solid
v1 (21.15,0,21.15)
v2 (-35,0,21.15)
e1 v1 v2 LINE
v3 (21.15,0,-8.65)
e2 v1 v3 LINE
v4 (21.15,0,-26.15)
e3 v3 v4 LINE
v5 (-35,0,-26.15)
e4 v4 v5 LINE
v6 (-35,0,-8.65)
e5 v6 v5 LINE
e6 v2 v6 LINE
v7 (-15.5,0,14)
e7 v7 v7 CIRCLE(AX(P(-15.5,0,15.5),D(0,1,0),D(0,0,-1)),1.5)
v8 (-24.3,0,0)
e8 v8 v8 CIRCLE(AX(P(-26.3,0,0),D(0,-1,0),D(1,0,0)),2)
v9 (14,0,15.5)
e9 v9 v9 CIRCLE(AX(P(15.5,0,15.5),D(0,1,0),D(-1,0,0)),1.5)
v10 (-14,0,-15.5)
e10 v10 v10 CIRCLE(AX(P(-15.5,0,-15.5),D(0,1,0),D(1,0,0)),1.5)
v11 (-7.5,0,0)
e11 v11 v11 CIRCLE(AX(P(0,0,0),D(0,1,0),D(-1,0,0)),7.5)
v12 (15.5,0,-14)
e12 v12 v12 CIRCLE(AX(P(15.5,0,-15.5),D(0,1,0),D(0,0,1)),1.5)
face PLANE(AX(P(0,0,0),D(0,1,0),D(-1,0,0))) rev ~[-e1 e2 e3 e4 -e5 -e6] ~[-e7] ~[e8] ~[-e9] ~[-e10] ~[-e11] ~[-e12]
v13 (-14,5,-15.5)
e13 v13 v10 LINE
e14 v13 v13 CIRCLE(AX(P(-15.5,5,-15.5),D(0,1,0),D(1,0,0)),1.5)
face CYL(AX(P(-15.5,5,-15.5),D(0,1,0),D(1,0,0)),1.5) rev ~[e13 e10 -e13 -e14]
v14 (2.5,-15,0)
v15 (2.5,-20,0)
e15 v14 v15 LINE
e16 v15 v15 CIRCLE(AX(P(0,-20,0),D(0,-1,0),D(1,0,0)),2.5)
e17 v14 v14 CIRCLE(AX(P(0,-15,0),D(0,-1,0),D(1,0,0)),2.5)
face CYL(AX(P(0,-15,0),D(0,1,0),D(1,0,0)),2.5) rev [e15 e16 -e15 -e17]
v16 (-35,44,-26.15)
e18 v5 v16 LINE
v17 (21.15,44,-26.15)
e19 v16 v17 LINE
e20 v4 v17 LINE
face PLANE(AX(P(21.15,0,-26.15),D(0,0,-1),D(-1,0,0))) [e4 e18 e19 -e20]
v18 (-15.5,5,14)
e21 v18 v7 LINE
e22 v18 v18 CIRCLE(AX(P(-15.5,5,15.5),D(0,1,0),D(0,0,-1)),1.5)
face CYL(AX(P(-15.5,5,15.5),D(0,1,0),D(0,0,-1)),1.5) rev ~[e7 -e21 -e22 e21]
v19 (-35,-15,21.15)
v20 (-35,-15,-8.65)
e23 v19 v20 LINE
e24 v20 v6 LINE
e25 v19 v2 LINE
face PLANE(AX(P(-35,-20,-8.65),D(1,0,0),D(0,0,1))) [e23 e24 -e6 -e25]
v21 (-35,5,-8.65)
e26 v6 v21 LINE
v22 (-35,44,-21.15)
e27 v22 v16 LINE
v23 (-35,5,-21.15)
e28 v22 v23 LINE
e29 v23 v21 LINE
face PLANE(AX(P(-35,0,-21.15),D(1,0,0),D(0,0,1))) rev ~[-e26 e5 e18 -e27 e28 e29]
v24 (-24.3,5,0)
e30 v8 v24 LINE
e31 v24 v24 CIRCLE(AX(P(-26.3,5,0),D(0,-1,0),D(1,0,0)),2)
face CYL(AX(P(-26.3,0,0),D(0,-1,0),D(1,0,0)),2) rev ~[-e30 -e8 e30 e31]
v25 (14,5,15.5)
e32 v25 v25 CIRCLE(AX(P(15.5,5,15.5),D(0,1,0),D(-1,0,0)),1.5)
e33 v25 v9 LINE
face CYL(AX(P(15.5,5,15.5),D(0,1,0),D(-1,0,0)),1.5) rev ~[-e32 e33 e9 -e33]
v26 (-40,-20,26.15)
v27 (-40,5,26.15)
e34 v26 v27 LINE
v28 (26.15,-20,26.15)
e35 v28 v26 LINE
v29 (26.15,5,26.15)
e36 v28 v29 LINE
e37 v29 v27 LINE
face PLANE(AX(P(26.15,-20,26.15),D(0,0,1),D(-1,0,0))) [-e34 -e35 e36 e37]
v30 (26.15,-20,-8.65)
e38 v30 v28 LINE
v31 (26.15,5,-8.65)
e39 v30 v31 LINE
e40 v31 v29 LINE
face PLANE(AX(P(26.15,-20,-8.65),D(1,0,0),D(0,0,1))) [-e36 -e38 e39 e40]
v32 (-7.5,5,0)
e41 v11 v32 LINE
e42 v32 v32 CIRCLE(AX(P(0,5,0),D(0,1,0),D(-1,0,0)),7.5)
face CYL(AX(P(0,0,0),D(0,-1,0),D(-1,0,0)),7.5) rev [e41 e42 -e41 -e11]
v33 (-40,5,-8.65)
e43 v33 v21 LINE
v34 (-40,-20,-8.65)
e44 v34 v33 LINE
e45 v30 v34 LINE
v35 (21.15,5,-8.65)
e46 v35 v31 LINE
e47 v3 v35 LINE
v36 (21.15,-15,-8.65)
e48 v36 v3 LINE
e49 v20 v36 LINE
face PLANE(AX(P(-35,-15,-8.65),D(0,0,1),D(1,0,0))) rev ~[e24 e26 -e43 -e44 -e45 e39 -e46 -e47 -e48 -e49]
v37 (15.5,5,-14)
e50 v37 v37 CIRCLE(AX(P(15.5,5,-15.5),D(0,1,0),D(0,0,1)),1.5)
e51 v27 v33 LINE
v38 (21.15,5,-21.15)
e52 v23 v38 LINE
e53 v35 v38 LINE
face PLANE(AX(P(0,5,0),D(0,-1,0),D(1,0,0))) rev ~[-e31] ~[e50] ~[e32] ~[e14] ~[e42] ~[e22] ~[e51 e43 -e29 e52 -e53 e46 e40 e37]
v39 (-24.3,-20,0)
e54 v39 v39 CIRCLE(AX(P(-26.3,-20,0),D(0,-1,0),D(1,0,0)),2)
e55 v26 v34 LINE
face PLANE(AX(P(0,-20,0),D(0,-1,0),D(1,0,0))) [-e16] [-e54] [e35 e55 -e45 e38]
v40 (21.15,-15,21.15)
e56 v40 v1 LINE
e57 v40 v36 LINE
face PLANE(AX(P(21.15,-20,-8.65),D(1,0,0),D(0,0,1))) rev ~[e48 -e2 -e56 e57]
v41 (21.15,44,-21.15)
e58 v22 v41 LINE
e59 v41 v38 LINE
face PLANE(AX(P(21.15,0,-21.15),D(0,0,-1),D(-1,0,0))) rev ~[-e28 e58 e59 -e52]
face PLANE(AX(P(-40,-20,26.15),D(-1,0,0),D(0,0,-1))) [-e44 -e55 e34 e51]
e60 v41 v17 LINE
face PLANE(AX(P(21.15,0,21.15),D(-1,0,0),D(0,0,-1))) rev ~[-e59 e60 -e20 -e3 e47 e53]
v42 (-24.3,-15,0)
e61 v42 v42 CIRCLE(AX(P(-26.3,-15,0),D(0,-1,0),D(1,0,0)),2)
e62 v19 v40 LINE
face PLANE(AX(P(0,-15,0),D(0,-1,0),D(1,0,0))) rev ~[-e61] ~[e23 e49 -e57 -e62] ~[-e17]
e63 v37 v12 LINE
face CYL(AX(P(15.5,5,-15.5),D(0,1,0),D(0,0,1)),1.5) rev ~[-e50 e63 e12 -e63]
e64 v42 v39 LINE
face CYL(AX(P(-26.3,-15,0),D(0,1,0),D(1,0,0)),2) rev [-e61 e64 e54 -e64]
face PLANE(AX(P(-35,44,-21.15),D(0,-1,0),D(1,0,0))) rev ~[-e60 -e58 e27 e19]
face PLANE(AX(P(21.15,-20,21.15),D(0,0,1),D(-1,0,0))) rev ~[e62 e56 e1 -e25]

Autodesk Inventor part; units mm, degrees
ref_plane "YZ Plane" through (0, 0, 0) normal (1, 0, 0) x (0, 1, 0)
ref_plane "XZ Plane" through (0, 0, 0) normal (0, 1, 0) x (-1, 0, 0)
sketch "Boceto1" plane through (0, 0, 0) normal (0, 1, 0) x (-1, 0, 0)
  line L0 (21.15, 21.15) -> (-21.15, 21.15)
  line L1 (-21.15, 21.15) -> (-21.15, -21.15)
  line L2 (-21.15, -21.15) -> (21.15, -21.15)
  line L3 (21.15, -21.15) -> (21.15, 21.15)
  line L4 (0, 0) -> (3.2885, 0)
  line L5 (0, 0) -> (0, -4.7563)
  circle A0 centre (0, 0) radius 7.5
  line L6 (21.15, -21.15) -> (35, -21.15)
  line L7 (35, -21.15) -> (35, 21.15)
  line L8 (35, 21.15) -> (21.15, 21.15)
  line L9 (21.15, 21.15) -> (21.15, -21.15)
  dimension "d0" = 42.3
  dimension "d1" = 42.3
  dimension "d26" = 15
  dimension "d35" = 35
extrude "Extrusión1" add sketch "Boceto1" along normal blind 5
sketch "Boceto2" plane through (0, 5, 0) normal (0, 1, 0) x (1, 0, 0)
  circle A0 centre (-15.5, 15.5) radius 1.5
  point P0 (0, 0)
  dimension "d4" = 3
  dimension "d5" = 15.5
  dimension "d6" = 15.5
extrude "Extrusión2" cut sketch "Boceto2" against normal through all
pattern_circular "Patrón circular1" count 4 over 360 about axis through (0, -10, 0) along (0, 1, 0) of "Extrusión2"
sketch "Boceto7" plane through (0, 0, 0) normal (0, -1, 0) x (1, 0, 0)
  circle A0 centre (-26.3, 0) radius 2
  point P0 (0, 0)
  dimension "d31" = 4
  dimension "d32" = 26.3
extrude "Extrusión7" cut sketch "Boceto7" against normal through all
sketch "Boceto8" plane through (21.15, 0, -21.15) normal (0, 0, -1) x (-1, 0, 0)
  line L0 (0, 0) -> (0, 5) projected
  line L1 (0, 0) -> (56.15, 0)
  line L2 (56.15, 0) -> (56.15, 44)
  line L3 (56.15, 44) -> (0, 44)
  line L4 (0, 44) -> (0, 0)
  line L5 (0, 5) -> (56.15, 5) projected
  point P0 (21.15, 0)
  dimension "d36" = 39
extrude "Extrusión8" add sketch "Boceto8" along normal blind 5
ref_plane "Plano de trabajo1" through (0, -15, 0) normal (0, -1, 0) x (1, 0, 0)
sketch "Boceto9" plane through (0, -15, 0) normal (0, -1, 0) x (1, 0, 0)
  line L0 (21.15, 21.15) -> (21.15, -26.15) projected
  line L1 (-35, 21.15) -> (21.15, 21.15) projected
  line L2 (-35, 21.15) -> (-35, -26.15) projected
  circle A0 centre (0, 0) radius 2.5
  circle A1 centre (-26.3, 0) radius 2
  line L3 (-35, -21.15) -> (-35, 21.15) projected
  line L4 (21.15, -26.15) -> (-35, -26.15)
  line L5 (-35, -26.15) -> (-35, -8.65)
  line L6 (-35, -8.65) -> (21.15, -8.65)
  line L7 (21.15, -8.65) -> (21.15, -26.15)
  point P0 (-35, -26.15)
  point P1 (21.15, -8.65)
  dimension "d45" = 5
  dimension "d46" = 17.5
extrude "Extrusión9" add sketch "Boceto9" along normal blind 5 contours L0 L6 L2 L1
sketch "Boceto10" plane through (0, -20, 0) normal (0, -1, 0) x (1, 0, 0)
  line L0 (-35, -8.65) -> (21.15, -8.65) projected
  line L1 (21.15, -8.65) -> (26.15, -8.65)
  line L2 (26.15, -8.65) -> (26.15, 26.15)
  line L3 (26.15, 26.15) -> (-40, 26.15)
  line L4 (-40, 26.15) -> (-40, -8.65)
  line L5 (-40, -8.65) -> (-35, -8.65)
  line L6 (-35, -21.15) -> (-35, 21.15) projected
  line L7 (21.15, 21.15) -> (-35, 21.15) projected
  line L8 (21.15, -8.65) -> (21.15, 21.15) projected
  line L9 (-35, 21.15) -> (-35, -8.65) projected
  point P0 (0, 0)
  dimension "d47" = 5
  dimension "d48" = 5
  dimension "d49" = 5
extrude "Extrusión10" add sketch "Boceto10" against normal up to surface (25 mm away) contours L5 L4 L3 L2 L1 L8 L7 L6
equation "\"d0\" = d1"
equation "\"d6\" = d5"
equation "\"d48\" = d47"
equation "\"d49\" = d47"
properties part number "Base Motor X1"
